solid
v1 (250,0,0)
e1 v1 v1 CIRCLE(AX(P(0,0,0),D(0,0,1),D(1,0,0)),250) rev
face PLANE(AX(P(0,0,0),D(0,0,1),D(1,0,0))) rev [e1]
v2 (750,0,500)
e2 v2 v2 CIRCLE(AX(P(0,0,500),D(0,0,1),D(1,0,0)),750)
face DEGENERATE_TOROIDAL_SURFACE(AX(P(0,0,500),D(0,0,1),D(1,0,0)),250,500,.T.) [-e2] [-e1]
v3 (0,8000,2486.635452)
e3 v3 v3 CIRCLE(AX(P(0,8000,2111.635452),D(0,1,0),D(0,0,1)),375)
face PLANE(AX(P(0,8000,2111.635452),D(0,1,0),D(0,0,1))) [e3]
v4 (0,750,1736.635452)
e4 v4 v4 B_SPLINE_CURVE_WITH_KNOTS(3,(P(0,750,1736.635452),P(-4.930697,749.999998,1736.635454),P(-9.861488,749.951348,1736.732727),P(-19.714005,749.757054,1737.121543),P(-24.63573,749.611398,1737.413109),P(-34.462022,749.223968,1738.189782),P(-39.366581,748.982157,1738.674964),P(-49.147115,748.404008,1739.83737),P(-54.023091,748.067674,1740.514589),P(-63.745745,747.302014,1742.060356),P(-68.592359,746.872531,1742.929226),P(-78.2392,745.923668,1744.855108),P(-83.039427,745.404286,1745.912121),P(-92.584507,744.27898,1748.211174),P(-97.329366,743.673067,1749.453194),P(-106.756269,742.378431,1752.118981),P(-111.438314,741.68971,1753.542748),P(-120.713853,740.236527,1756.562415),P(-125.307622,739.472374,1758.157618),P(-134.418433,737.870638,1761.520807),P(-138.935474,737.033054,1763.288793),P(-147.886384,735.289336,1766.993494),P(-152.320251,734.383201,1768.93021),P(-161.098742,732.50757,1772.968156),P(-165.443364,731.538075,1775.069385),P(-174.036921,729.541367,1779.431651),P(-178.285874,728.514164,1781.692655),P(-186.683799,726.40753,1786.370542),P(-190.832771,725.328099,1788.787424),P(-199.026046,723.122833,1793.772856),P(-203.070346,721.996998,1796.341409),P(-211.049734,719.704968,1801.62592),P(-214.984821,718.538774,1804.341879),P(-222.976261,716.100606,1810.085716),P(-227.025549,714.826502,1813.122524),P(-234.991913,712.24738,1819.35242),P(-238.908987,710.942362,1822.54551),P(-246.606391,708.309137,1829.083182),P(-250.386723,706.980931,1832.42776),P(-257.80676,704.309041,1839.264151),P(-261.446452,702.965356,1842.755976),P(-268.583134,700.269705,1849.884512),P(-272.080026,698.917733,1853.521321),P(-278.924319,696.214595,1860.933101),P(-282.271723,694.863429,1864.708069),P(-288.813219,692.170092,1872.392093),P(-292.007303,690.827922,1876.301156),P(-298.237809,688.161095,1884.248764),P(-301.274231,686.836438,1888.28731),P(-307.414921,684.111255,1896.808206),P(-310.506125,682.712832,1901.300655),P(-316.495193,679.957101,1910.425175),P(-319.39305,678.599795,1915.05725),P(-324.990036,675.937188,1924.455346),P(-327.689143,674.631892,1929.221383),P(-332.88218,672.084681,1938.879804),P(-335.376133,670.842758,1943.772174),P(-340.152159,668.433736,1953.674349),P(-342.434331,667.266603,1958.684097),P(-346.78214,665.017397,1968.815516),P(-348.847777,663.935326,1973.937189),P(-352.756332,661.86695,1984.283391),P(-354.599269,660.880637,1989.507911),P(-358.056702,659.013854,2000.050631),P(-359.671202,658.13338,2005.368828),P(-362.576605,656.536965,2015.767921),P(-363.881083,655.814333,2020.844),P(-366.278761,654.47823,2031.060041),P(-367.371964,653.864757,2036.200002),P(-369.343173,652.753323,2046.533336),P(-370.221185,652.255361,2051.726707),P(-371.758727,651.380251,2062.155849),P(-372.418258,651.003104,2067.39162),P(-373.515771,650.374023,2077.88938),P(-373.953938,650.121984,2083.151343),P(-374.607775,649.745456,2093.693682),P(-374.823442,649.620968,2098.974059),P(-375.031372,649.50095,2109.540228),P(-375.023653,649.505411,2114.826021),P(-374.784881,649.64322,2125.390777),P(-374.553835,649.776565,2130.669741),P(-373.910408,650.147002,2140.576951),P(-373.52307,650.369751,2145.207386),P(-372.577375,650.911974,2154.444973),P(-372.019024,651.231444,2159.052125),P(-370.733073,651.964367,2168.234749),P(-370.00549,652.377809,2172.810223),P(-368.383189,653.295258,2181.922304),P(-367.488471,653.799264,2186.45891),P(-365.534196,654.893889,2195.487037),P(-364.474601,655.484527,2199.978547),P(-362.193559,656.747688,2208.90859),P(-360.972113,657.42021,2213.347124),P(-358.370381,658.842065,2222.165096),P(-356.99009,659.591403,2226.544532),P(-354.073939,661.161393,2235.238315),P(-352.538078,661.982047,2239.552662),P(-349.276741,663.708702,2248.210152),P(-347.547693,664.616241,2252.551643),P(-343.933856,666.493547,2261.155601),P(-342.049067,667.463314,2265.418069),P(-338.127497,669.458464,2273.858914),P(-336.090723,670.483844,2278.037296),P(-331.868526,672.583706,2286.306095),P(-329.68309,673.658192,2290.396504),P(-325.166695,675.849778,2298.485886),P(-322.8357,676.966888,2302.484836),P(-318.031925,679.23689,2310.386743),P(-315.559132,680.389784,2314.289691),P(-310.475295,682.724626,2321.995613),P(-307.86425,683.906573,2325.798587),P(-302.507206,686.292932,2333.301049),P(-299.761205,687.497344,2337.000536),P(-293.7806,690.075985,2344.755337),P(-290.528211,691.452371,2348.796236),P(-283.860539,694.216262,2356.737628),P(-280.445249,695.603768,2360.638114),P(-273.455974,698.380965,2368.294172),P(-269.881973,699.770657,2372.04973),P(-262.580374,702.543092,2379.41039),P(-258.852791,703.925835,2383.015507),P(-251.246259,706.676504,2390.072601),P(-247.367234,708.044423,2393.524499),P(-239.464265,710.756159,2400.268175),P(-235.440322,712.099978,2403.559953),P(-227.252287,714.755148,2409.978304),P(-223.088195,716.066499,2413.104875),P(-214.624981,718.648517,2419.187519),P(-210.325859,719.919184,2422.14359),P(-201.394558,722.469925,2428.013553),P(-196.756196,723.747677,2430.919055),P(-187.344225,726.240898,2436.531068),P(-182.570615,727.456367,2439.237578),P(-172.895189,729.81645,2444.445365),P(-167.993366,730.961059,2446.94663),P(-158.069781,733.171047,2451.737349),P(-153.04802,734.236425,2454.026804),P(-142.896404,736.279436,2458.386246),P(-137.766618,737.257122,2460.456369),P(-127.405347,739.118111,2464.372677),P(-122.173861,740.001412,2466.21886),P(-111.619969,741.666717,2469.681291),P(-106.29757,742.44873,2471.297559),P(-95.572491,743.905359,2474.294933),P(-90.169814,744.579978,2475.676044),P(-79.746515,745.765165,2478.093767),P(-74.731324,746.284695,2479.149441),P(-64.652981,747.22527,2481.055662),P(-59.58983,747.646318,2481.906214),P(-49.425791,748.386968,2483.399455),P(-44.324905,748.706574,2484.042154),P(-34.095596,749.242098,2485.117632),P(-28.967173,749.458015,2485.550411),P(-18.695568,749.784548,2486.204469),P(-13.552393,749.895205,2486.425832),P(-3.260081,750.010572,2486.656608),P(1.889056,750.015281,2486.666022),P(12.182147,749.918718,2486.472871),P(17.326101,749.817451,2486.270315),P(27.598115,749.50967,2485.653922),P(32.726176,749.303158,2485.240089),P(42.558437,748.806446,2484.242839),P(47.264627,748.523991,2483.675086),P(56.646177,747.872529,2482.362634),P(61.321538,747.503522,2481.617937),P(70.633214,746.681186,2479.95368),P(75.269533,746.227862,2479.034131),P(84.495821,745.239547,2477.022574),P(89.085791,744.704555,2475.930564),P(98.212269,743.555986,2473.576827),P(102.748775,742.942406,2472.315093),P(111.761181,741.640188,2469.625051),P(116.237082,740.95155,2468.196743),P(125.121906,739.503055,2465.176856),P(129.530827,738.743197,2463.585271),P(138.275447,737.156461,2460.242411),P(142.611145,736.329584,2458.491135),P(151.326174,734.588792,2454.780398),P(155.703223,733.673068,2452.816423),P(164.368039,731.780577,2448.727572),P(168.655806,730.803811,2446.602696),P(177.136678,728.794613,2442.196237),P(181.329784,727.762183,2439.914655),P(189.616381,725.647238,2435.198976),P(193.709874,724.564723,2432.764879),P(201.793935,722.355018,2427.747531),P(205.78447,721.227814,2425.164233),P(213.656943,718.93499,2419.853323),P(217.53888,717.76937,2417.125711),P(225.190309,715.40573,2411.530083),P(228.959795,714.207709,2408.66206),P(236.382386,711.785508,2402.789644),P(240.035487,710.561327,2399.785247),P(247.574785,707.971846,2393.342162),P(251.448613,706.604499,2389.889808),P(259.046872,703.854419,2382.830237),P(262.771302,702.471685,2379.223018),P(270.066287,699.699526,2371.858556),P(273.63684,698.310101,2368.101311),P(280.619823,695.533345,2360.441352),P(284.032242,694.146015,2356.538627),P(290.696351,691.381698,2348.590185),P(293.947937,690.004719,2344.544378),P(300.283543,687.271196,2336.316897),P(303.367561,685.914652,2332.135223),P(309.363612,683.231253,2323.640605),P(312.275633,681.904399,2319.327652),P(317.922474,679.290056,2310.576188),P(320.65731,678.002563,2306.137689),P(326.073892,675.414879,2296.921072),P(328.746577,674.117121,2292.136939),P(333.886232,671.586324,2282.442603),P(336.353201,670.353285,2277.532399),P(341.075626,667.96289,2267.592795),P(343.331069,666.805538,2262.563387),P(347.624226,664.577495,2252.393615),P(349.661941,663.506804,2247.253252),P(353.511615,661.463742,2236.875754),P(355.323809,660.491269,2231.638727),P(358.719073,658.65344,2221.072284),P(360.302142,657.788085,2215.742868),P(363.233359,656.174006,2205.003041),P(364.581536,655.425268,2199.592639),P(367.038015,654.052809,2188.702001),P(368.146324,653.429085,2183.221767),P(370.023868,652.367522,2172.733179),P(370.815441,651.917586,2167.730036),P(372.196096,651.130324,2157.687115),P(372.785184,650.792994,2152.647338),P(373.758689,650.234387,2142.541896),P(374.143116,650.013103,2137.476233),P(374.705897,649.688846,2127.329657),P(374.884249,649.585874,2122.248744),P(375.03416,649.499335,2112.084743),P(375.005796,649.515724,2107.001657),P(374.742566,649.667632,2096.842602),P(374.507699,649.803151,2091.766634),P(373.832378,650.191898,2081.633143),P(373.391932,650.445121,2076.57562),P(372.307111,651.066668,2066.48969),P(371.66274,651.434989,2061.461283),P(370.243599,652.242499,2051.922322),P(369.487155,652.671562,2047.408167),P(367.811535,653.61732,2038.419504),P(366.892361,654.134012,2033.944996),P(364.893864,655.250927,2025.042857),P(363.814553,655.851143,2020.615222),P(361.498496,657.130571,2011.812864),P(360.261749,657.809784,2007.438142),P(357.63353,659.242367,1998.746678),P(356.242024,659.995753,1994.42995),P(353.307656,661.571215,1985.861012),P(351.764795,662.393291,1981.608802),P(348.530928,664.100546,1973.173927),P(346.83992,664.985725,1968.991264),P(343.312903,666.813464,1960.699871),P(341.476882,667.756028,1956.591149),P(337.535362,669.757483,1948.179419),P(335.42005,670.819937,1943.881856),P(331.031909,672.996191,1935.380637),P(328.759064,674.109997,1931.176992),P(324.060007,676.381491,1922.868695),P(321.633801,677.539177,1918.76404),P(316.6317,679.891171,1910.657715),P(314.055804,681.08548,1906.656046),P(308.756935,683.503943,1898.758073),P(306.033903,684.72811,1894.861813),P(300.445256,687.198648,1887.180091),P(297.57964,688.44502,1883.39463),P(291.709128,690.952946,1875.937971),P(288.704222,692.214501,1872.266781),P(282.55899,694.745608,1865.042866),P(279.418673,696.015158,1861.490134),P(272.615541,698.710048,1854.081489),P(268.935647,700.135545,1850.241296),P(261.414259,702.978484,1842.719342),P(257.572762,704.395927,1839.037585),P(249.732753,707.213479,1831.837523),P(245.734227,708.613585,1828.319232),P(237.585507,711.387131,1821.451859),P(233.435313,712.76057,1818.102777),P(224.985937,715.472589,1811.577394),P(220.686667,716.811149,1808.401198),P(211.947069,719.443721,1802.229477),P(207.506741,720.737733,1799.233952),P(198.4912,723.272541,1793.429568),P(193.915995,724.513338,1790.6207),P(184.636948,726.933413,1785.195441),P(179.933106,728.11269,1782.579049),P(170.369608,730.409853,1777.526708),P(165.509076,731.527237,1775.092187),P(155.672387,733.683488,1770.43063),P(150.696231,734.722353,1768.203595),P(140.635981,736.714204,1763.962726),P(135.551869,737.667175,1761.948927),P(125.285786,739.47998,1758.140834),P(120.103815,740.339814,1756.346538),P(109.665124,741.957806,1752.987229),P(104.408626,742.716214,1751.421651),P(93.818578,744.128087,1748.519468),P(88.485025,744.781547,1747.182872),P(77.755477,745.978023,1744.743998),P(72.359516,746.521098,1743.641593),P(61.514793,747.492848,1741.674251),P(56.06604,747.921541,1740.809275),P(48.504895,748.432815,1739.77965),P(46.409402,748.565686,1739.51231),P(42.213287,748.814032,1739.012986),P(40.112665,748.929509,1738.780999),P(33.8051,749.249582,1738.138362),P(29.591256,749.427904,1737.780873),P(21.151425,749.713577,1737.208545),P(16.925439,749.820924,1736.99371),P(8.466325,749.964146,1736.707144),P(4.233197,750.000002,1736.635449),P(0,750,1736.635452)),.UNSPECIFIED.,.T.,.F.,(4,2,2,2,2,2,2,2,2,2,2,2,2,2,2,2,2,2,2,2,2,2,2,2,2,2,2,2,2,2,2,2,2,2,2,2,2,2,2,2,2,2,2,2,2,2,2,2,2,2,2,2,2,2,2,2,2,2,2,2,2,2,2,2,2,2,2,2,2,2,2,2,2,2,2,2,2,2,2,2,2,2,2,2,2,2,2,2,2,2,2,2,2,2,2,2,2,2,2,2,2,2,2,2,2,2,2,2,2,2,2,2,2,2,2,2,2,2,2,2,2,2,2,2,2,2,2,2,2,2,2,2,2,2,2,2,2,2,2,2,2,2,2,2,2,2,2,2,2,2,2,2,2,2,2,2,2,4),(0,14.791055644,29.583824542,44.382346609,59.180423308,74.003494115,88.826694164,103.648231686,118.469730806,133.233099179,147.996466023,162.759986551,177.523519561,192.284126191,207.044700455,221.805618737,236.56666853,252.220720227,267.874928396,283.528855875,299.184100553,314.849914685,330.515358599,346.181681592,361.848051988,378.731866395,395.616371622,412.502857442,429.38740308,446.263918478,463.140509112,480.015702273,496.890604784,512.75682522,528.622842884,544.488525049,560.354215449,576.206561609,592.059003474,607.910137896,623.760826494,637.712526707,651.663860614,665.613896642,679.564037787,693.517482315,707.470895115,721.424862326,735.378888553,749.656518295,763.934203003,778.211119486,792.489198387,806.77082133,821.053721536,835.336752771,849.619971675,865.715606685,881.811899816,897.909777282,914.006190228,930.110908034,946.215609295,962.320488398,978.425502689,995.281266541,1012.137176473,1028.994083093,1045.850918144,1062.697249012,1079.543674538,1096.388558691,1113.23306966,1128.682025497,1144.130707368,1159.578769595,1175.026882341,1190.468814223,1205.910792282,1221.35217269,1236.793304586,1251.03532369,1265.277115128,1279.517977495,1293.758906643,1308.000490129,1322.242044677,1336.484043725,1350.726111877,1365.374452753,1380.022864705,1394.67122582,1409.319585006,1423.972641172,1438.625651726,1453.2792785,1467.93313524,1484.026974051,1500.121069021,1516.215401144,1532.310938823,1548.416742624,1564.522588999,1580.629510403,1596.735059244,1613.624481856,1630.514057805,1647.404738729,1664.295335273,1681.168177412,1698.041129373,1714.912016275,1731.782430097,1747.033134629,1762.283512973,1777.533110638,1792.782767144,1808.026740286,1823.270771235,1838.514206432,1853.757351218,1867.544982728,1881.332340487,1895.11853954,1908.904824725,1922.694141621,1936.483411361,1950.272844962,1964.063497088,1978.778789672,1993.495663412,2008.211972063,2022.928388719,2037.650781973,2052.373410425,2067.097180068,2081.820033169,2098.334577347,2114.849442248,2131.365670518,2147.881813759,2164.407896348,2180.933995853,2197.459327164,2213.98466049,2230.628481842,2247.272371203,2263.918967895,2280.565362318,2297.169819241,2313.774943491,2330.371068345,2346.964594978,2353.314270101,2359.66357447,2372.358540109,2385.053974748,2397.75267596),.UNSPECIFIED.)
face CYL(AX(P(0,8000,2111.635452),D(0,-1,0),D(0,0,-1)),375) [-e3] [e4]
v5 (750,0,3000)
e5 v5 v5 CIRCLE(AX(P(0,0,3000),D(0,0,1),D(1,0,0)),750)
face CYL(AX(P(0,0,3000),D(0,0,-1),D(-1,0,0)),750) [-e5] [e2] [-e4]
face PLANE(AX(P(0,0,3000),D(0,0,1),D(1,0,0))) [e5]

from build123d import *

# Parameters (mm, degrees)
SKETCH1_R           = 750
BOSS_EXTRUDE1_DEPTH = 3000
FILLET1_R           = 500
SKETCH2_R           = 375
BOSS_EXTRUDE2_DEPTH = 8000


with BuildPart() as part:
    # Sketch1 → Boss-Extrude1 (new body)
    with BuildSketch(Plane.XY):
        Circle(SKETCH1_R)
    extrude(amount=BOSS_EXTRUDE1_DEPTH)

    # Fillet1
    fillet1_edges = [part.edges().sort_by_distance(p)[0] for p in [
        (-750, 0, 0),
    ]]
    fillet(fillet1_edges, radius=FILLET1_R)

    # Sketch2 → Boss-Extrude2 (add)
    with BuildSketch(Plane(origin=(0, 0, 0), x_dir=(1, 0, 0), z_dir=(0, 1, 0))):
        with Locations((0, -2111.63545154)):
            Circle(SKETCH2_R)
    extrude(amount=BOSS_EXTRUDE2_DEPTH)


solid = part.part
